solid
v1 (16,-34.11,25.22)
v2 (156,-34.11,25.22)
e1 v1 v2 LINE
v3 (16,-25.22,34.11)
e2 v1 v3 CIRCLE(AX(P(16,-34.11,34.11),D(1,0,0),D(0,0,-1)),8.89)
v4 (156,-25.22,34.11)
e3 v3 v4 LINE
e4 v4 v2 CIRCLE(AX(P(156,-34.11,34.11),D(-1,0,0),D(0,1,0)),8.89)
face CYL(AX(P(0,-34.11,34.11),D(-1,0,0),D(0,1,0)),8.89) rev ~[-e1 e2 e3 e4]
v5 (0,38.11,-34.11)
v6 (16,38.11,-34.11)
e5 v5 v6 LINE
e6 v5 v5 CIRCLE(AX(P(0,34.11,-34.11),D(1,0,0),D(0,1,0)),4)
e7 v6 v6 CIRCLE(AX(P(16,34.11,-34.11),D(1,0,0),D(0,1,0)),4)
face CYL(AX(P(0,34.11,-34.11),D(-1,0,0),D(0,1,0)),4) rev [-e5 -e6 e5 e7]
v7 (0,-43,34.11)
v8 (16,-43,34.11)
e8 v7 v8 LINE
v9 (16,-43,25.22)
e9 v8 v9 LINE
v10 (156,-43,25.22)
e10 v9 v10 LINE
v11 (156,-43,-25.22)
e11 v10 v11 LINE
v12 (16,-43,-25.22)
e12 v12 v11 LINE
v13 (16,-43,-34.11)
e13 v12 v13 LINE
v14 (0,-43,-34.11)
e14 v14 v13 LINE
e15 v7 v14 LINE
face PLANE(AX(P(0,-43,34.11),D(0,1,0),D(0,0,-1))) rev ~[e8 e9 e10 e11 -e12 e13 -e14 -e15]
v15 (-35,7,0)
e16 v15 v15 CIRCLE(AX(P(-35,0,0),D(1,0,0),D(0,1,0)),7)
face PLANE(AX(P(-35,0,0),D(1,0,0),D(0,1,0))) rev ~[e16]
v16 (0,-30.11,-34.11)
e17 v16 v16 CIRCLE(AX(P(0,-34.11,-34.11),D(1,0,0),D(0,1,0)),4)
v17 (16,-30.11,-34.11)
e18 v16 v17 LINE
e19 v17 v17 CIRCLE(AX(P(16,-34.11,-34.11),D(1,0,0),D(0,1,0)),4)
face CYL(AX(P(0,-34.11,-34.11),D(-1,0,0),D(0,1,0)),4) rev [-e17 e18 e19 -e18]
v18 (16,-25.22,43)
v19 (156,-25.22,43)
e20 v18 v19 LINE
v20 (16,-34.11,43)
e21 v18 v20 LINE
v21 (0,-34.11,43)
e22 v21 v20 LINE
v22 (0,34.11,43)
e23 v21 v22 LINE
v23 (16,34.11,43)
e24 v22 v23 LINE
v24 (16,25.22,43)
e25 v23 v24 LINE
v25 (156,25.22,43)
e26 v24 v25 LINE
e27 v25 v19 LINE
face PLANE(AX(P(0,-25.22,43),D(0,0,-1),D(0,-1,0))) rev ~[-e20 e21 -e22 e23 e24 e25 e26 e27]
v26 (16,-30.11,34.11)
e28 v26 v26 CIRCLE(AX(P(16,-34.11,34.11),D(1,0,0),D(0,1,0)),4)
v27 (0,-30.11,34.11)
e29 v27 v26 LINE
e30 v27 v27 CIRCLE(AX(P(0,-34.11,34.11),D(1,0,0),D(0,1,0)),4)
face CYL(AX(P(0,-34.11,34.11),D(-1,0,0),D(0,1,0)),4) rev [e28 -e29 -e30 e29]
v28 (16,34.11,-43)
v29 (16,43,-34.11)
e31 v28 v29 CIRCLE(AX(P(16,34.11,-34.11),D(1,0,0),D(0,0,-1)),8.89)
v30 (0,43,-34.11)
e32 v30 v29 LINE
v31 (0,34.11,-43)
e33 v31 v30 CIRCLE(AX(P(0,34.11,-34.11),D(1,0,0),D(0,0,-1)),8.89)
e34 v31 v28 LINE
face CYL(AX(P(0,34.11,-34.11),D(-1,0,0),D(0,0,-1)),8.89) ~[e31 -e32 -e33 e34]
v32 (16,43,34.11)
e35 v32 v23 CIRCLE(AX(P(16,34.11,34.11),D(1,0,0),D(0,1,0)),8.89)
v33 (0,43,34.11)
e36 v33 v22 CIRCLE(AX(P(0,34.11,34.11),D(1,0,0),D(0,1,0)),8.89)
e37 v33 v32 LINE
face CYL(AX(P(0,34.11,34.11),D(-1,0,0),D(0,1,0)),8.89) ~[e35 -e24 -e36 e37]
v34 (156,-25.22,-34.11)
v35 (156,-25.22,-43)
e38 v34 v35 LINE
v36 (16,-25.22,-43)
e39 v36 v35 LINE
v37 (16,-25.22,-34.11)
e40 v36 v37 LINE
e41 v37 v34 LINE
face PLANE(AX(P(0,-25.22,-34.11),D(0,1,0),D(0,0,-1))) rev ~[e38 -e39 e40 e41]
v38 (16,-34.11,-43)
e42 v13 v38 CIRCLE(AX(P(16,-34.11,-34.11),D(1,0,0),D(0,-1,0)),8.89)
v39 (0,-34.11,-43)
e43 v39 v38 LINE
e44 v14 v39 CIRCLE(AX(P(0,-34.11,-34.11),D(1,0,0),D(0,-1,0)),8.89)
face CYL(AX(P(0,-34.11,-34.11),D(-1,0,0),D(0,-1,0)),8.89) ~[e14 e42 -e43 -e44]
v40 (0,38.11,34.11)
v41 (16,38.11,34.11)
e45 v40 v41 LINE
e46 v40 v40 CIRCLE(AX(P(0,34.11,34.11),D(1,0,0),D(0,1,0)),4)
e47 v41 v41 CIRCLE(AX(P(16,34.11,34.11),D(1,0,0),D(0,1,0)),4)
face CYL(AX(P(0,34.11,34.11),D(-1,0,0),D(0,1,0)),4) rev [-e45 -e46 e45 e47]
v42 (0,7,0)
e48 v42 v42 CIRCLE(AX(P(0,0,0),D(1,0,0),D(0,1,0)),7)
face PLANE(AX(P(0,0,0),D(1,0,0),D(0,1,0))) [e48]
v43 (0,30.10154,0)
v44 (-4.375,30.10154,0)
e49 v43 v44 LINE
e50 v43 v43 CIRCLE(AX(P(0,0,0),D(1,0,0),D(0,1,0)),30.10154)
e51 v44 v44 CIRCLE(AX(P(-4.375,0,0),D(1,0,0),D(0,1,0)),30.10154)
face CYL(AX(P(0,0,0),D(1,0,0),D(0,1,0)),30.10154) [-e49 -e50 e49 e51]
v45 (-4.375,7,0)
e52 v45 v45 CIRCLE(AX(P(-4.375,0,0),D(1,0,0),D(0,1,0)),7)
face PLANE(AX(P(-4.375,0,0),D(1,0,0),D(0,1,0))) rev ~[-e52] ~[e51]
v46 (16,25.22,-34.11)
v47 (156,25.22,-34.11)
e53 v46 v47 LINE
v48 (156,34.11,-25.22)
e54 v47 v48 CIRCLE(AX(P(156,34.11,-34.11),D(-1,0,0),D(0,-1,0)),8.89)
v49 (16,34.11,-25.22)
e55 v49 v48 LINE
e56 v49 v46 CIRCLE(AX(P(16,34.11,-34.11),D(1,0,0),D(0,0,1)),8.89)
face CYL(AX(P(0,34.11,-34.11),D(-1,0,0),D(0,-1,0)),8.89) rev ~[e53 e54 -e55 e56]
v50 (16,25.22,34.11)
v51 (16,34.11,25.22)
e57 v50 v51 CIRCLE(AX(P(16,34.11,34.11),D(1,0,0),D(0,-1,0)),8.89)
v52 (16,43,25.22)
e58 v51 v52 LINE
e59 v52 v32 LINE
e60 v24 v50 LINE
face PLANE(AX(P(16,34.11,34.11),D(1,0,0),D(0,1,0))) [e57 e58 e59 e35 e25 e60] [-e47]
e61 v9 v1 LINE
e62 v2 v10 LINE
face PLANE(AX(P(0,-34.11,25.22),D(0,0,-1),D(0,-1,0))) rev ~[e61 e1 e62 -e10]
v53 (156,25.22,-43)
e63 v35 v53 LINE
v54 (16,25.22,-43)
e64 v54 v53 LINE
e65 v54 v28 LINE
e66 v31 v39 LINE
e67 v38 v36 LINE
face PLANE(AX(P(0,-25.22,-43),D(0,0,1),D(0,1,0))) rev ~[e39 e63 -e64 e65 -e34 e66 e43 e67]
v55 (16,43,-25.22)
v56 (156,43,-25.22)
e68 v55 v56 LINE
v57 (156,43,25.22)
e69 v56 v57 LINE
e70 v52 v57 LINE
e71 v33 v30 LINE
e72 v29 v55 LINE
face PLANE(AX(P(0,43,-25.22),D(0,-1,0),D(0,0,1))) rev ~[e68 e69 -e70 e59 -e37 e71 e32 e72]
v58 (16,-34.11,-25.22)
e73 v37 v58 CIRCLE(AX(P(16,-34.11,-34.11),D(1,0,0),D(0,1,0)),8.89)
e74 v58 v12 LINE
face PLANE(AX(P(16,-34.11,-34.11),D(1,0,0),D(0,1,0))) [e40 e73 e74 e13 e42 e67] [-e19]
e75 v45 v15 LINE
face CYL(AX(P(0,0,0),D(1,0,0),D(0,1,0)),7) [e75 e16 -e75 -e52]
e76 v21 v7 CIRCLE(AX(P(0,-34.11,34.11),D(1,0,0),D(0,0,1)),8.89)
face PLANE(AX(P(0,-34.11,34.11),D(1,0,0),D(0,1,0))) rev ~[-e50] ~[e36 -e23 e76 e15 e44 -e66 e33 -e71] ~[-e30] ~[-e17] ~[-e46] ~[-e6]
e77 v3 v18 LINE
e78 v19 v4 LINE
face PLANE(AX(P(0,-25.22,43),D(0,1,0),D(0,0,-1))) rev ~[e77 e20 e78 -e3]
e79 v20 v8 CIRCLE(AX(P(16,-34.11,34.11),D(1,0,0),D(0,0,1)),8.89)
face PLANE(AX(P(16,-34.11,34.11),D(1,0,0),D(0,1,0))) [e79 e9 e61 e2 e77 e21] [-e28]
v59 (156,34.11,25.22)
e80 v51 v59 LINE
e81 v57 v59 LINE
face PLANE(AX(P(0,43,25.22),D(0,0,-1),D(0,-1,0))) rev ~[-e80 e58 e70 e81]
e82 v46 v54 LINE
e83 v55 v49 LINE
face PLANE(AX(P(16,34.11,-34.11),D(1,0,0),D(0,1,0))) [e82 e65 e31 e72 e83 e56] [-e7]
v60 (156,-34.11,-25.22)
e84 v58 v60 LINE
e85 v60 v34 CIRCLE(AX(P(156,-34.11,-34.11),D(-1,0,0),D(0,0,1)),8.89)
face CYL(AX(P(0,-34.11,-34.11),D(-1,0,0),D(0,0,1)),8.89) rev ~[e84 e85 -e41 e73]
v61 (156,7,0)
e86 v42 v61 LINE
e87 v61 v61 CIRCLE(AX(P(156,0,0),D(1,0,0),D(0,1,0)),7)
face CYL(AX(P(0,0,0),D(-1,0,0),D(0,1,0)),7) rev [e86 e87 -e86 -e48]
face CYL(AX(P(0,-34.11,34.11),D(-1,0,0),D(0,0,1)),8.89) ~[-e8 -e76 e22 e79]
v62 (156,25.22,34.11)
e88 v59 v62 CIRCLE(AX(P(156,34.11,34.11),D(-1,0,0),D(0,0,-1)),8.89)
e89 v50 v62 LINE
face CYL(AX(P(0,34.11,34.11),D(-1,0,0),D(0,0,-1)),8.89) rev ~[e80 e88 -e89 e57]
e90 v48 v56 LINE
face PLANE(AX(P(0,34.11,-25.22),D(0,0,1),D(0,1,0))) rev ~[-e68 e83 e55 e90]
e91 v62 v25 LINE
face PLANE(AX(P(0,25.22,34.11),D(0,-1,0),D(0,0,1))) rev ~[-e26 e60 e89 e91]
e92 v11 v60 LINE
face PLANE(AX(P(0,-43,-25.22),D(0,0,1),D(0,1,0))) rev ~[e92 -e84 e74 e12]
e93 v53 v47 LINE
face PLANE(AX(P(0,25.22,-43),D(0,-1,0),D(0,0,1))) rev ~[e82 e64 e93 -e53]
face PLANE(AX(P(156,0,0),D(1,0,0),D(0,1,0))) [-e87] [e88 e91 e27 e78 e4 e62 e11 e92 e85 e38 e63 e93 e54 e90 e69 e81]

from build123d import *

# Parameters (mm, degrees)
F0_R     = 7
F1_DEPTH = 35
F0_R_2   = 30.10154
F2_DEPTH = 4.375
F3_DEPTH = 156
F0_R_3   = 4
F4_DEPTH = 16


with BuildPart() as f1:
    # F0 (on Right) → F1 (new body)
    with BuildSketch(Plane.YZ):
        Circle(F0_R)
    extrude(amount=-F1_DEPTH)

    # F0 (on Right) → F2 (join)
    with BuildSketch(Plane.YZ):
        Circle(F0_R_2)
        Circle(F0_R, mode=Mode.SUBTRACT)
    extrude(amount=-F2_DEPTH)

    # F0 (on Right) → F3 (join)
    with BuildSketch(Plane.YZ):
        with BuildLine():
            Line((-25.22, -43), (25.22, -43))
            Line((25.22, -43), (25.22, -34.11))
            ThreePointArc((25.22, -34.11), (27.8238207153, -27.8238207153), (34.11, -25.22))
            Line((34.11, -25.22), (43, -25.22))
            Line((43, -25.22), (43, 25.22))
            Line((43, 25.22), (34.11, 25.22))
            ThreePointArc((34.11, 25.22), (27.8238207153, 27.8238207153), (25.22, 34.11))
            Line((25.22, 34.11), (25.22, 43))
            Line((25.22, 43), (-25.22, 43))
            Line((-25.22, 43), (-25.22, 34.11))
            ThreePointArc((-25.22, 34.11), (-27.8238207153, 27.8238207153), (-34.11, 25.22))
            Line((-34.11, 25.22), (-43, 25.22))
            Line((-43, 25.22), (-43, -25.22))
            Line((-43, -25.22), (-34.11, -25.22))
            ThreePointArc((-34.11, -25.22), (-27.8238207153, -27.8238207153), (-25.22, -34.11))
            Line((-25.22, -34.11), (-25.22, -43))
        make_face()
        Circle(F0_R_2, mode=Mode.SUBTRACT)
        Circle(F0_R_2)
        Circle(F0_R, mode=Mode.SUBTRACT)
    extrude(amount=F3_DEPTH)

    # F0 (on Right) → F4 (join)
    with BuildSketch(Plane.YZ):
        with BuildLine():
            Line((-43, 34.11), (-43, 25.22))
            Line((-43, 25.22), (-34.11, 25.22))
            ThreePointArc((-34.11, 25.22), (-27.8238207153, 27.8238207153), (-25.22, 34.11))
            Line((-25.22, 34.11), (-25.22, 43))
            Line((-25.22, 43), (-34.11, 43))
            ThreePointArc((-34.11, 43), (-40.3961792847, 40.3961792847), (-43, 34.11))
        make_face()
        with Locations((-34.11, 34.11)):
            Circle(F0_R_3, mode=Mode.SUBTRACT)
        with BuildLine():
            Line((34.11, 25.22), (43, 25.22))
            Line((43, 25.22), (43, 34.11))
            ThreePointArc((43, 34.11), (40.3961792847, 40.3961792847), (34.11, 43))
            Line((34.11, 43), (25.22, 43))
            Line((25.22, 43), (25.22, 34.11))
            ThreePointArc((25.22, 34.11), (27.8238207153, 27.8238207153), (34.11, 25.22))
        make_face()
        with Locations((34.11, 34.11)):
            Circle(F0_R_3, mode=Mode.SUBTRACT)
        with BuildLine():
            Line((25.22, -43), (34.11, -43))
            ThreePointArc((34.11, -43), (40.3961792847, -40.3961792847), (43, -34.11))
            Line((43, -34.11), (43, -25.22))
            Line((43, -25.22), (34.11, -25.22))
            ThreePointArc((34.11, -25.22), (27.8238207153, -27.8238207153), (25.22, -34.11))
            Line((25.22, -34.11), (25.22, -43))
        make_face()
        with Locations((34.11, -34.11)):
            Circle(F0_R_3, mode=Mode.SUBTRACT)
        with BuildLine():
            Line((-34.11, -43), (-25.22, -43))
            Line((-25.22, -43), (-25.22, -34.11))
            ThreePointArc((-25.22, -34.11), (-27.8238207153, -27.8238207153), (-34.11, -25.22))
            Line((-34.11, -25.22), (-43, -25.22))
            Line((-43, -25.22), (-43, -34.11))
            ThreePointArc((-43, -34.11), (-40.3961792847, -40.3961792847), (-34.11, -43))
        make_face()
        with Locations((-34.11, -34.11)):
            Circle(F0_R_3, mode=Mode.SUBTRACT)
    extrude(amount=F4_DEPTH)


solid = f1.part
